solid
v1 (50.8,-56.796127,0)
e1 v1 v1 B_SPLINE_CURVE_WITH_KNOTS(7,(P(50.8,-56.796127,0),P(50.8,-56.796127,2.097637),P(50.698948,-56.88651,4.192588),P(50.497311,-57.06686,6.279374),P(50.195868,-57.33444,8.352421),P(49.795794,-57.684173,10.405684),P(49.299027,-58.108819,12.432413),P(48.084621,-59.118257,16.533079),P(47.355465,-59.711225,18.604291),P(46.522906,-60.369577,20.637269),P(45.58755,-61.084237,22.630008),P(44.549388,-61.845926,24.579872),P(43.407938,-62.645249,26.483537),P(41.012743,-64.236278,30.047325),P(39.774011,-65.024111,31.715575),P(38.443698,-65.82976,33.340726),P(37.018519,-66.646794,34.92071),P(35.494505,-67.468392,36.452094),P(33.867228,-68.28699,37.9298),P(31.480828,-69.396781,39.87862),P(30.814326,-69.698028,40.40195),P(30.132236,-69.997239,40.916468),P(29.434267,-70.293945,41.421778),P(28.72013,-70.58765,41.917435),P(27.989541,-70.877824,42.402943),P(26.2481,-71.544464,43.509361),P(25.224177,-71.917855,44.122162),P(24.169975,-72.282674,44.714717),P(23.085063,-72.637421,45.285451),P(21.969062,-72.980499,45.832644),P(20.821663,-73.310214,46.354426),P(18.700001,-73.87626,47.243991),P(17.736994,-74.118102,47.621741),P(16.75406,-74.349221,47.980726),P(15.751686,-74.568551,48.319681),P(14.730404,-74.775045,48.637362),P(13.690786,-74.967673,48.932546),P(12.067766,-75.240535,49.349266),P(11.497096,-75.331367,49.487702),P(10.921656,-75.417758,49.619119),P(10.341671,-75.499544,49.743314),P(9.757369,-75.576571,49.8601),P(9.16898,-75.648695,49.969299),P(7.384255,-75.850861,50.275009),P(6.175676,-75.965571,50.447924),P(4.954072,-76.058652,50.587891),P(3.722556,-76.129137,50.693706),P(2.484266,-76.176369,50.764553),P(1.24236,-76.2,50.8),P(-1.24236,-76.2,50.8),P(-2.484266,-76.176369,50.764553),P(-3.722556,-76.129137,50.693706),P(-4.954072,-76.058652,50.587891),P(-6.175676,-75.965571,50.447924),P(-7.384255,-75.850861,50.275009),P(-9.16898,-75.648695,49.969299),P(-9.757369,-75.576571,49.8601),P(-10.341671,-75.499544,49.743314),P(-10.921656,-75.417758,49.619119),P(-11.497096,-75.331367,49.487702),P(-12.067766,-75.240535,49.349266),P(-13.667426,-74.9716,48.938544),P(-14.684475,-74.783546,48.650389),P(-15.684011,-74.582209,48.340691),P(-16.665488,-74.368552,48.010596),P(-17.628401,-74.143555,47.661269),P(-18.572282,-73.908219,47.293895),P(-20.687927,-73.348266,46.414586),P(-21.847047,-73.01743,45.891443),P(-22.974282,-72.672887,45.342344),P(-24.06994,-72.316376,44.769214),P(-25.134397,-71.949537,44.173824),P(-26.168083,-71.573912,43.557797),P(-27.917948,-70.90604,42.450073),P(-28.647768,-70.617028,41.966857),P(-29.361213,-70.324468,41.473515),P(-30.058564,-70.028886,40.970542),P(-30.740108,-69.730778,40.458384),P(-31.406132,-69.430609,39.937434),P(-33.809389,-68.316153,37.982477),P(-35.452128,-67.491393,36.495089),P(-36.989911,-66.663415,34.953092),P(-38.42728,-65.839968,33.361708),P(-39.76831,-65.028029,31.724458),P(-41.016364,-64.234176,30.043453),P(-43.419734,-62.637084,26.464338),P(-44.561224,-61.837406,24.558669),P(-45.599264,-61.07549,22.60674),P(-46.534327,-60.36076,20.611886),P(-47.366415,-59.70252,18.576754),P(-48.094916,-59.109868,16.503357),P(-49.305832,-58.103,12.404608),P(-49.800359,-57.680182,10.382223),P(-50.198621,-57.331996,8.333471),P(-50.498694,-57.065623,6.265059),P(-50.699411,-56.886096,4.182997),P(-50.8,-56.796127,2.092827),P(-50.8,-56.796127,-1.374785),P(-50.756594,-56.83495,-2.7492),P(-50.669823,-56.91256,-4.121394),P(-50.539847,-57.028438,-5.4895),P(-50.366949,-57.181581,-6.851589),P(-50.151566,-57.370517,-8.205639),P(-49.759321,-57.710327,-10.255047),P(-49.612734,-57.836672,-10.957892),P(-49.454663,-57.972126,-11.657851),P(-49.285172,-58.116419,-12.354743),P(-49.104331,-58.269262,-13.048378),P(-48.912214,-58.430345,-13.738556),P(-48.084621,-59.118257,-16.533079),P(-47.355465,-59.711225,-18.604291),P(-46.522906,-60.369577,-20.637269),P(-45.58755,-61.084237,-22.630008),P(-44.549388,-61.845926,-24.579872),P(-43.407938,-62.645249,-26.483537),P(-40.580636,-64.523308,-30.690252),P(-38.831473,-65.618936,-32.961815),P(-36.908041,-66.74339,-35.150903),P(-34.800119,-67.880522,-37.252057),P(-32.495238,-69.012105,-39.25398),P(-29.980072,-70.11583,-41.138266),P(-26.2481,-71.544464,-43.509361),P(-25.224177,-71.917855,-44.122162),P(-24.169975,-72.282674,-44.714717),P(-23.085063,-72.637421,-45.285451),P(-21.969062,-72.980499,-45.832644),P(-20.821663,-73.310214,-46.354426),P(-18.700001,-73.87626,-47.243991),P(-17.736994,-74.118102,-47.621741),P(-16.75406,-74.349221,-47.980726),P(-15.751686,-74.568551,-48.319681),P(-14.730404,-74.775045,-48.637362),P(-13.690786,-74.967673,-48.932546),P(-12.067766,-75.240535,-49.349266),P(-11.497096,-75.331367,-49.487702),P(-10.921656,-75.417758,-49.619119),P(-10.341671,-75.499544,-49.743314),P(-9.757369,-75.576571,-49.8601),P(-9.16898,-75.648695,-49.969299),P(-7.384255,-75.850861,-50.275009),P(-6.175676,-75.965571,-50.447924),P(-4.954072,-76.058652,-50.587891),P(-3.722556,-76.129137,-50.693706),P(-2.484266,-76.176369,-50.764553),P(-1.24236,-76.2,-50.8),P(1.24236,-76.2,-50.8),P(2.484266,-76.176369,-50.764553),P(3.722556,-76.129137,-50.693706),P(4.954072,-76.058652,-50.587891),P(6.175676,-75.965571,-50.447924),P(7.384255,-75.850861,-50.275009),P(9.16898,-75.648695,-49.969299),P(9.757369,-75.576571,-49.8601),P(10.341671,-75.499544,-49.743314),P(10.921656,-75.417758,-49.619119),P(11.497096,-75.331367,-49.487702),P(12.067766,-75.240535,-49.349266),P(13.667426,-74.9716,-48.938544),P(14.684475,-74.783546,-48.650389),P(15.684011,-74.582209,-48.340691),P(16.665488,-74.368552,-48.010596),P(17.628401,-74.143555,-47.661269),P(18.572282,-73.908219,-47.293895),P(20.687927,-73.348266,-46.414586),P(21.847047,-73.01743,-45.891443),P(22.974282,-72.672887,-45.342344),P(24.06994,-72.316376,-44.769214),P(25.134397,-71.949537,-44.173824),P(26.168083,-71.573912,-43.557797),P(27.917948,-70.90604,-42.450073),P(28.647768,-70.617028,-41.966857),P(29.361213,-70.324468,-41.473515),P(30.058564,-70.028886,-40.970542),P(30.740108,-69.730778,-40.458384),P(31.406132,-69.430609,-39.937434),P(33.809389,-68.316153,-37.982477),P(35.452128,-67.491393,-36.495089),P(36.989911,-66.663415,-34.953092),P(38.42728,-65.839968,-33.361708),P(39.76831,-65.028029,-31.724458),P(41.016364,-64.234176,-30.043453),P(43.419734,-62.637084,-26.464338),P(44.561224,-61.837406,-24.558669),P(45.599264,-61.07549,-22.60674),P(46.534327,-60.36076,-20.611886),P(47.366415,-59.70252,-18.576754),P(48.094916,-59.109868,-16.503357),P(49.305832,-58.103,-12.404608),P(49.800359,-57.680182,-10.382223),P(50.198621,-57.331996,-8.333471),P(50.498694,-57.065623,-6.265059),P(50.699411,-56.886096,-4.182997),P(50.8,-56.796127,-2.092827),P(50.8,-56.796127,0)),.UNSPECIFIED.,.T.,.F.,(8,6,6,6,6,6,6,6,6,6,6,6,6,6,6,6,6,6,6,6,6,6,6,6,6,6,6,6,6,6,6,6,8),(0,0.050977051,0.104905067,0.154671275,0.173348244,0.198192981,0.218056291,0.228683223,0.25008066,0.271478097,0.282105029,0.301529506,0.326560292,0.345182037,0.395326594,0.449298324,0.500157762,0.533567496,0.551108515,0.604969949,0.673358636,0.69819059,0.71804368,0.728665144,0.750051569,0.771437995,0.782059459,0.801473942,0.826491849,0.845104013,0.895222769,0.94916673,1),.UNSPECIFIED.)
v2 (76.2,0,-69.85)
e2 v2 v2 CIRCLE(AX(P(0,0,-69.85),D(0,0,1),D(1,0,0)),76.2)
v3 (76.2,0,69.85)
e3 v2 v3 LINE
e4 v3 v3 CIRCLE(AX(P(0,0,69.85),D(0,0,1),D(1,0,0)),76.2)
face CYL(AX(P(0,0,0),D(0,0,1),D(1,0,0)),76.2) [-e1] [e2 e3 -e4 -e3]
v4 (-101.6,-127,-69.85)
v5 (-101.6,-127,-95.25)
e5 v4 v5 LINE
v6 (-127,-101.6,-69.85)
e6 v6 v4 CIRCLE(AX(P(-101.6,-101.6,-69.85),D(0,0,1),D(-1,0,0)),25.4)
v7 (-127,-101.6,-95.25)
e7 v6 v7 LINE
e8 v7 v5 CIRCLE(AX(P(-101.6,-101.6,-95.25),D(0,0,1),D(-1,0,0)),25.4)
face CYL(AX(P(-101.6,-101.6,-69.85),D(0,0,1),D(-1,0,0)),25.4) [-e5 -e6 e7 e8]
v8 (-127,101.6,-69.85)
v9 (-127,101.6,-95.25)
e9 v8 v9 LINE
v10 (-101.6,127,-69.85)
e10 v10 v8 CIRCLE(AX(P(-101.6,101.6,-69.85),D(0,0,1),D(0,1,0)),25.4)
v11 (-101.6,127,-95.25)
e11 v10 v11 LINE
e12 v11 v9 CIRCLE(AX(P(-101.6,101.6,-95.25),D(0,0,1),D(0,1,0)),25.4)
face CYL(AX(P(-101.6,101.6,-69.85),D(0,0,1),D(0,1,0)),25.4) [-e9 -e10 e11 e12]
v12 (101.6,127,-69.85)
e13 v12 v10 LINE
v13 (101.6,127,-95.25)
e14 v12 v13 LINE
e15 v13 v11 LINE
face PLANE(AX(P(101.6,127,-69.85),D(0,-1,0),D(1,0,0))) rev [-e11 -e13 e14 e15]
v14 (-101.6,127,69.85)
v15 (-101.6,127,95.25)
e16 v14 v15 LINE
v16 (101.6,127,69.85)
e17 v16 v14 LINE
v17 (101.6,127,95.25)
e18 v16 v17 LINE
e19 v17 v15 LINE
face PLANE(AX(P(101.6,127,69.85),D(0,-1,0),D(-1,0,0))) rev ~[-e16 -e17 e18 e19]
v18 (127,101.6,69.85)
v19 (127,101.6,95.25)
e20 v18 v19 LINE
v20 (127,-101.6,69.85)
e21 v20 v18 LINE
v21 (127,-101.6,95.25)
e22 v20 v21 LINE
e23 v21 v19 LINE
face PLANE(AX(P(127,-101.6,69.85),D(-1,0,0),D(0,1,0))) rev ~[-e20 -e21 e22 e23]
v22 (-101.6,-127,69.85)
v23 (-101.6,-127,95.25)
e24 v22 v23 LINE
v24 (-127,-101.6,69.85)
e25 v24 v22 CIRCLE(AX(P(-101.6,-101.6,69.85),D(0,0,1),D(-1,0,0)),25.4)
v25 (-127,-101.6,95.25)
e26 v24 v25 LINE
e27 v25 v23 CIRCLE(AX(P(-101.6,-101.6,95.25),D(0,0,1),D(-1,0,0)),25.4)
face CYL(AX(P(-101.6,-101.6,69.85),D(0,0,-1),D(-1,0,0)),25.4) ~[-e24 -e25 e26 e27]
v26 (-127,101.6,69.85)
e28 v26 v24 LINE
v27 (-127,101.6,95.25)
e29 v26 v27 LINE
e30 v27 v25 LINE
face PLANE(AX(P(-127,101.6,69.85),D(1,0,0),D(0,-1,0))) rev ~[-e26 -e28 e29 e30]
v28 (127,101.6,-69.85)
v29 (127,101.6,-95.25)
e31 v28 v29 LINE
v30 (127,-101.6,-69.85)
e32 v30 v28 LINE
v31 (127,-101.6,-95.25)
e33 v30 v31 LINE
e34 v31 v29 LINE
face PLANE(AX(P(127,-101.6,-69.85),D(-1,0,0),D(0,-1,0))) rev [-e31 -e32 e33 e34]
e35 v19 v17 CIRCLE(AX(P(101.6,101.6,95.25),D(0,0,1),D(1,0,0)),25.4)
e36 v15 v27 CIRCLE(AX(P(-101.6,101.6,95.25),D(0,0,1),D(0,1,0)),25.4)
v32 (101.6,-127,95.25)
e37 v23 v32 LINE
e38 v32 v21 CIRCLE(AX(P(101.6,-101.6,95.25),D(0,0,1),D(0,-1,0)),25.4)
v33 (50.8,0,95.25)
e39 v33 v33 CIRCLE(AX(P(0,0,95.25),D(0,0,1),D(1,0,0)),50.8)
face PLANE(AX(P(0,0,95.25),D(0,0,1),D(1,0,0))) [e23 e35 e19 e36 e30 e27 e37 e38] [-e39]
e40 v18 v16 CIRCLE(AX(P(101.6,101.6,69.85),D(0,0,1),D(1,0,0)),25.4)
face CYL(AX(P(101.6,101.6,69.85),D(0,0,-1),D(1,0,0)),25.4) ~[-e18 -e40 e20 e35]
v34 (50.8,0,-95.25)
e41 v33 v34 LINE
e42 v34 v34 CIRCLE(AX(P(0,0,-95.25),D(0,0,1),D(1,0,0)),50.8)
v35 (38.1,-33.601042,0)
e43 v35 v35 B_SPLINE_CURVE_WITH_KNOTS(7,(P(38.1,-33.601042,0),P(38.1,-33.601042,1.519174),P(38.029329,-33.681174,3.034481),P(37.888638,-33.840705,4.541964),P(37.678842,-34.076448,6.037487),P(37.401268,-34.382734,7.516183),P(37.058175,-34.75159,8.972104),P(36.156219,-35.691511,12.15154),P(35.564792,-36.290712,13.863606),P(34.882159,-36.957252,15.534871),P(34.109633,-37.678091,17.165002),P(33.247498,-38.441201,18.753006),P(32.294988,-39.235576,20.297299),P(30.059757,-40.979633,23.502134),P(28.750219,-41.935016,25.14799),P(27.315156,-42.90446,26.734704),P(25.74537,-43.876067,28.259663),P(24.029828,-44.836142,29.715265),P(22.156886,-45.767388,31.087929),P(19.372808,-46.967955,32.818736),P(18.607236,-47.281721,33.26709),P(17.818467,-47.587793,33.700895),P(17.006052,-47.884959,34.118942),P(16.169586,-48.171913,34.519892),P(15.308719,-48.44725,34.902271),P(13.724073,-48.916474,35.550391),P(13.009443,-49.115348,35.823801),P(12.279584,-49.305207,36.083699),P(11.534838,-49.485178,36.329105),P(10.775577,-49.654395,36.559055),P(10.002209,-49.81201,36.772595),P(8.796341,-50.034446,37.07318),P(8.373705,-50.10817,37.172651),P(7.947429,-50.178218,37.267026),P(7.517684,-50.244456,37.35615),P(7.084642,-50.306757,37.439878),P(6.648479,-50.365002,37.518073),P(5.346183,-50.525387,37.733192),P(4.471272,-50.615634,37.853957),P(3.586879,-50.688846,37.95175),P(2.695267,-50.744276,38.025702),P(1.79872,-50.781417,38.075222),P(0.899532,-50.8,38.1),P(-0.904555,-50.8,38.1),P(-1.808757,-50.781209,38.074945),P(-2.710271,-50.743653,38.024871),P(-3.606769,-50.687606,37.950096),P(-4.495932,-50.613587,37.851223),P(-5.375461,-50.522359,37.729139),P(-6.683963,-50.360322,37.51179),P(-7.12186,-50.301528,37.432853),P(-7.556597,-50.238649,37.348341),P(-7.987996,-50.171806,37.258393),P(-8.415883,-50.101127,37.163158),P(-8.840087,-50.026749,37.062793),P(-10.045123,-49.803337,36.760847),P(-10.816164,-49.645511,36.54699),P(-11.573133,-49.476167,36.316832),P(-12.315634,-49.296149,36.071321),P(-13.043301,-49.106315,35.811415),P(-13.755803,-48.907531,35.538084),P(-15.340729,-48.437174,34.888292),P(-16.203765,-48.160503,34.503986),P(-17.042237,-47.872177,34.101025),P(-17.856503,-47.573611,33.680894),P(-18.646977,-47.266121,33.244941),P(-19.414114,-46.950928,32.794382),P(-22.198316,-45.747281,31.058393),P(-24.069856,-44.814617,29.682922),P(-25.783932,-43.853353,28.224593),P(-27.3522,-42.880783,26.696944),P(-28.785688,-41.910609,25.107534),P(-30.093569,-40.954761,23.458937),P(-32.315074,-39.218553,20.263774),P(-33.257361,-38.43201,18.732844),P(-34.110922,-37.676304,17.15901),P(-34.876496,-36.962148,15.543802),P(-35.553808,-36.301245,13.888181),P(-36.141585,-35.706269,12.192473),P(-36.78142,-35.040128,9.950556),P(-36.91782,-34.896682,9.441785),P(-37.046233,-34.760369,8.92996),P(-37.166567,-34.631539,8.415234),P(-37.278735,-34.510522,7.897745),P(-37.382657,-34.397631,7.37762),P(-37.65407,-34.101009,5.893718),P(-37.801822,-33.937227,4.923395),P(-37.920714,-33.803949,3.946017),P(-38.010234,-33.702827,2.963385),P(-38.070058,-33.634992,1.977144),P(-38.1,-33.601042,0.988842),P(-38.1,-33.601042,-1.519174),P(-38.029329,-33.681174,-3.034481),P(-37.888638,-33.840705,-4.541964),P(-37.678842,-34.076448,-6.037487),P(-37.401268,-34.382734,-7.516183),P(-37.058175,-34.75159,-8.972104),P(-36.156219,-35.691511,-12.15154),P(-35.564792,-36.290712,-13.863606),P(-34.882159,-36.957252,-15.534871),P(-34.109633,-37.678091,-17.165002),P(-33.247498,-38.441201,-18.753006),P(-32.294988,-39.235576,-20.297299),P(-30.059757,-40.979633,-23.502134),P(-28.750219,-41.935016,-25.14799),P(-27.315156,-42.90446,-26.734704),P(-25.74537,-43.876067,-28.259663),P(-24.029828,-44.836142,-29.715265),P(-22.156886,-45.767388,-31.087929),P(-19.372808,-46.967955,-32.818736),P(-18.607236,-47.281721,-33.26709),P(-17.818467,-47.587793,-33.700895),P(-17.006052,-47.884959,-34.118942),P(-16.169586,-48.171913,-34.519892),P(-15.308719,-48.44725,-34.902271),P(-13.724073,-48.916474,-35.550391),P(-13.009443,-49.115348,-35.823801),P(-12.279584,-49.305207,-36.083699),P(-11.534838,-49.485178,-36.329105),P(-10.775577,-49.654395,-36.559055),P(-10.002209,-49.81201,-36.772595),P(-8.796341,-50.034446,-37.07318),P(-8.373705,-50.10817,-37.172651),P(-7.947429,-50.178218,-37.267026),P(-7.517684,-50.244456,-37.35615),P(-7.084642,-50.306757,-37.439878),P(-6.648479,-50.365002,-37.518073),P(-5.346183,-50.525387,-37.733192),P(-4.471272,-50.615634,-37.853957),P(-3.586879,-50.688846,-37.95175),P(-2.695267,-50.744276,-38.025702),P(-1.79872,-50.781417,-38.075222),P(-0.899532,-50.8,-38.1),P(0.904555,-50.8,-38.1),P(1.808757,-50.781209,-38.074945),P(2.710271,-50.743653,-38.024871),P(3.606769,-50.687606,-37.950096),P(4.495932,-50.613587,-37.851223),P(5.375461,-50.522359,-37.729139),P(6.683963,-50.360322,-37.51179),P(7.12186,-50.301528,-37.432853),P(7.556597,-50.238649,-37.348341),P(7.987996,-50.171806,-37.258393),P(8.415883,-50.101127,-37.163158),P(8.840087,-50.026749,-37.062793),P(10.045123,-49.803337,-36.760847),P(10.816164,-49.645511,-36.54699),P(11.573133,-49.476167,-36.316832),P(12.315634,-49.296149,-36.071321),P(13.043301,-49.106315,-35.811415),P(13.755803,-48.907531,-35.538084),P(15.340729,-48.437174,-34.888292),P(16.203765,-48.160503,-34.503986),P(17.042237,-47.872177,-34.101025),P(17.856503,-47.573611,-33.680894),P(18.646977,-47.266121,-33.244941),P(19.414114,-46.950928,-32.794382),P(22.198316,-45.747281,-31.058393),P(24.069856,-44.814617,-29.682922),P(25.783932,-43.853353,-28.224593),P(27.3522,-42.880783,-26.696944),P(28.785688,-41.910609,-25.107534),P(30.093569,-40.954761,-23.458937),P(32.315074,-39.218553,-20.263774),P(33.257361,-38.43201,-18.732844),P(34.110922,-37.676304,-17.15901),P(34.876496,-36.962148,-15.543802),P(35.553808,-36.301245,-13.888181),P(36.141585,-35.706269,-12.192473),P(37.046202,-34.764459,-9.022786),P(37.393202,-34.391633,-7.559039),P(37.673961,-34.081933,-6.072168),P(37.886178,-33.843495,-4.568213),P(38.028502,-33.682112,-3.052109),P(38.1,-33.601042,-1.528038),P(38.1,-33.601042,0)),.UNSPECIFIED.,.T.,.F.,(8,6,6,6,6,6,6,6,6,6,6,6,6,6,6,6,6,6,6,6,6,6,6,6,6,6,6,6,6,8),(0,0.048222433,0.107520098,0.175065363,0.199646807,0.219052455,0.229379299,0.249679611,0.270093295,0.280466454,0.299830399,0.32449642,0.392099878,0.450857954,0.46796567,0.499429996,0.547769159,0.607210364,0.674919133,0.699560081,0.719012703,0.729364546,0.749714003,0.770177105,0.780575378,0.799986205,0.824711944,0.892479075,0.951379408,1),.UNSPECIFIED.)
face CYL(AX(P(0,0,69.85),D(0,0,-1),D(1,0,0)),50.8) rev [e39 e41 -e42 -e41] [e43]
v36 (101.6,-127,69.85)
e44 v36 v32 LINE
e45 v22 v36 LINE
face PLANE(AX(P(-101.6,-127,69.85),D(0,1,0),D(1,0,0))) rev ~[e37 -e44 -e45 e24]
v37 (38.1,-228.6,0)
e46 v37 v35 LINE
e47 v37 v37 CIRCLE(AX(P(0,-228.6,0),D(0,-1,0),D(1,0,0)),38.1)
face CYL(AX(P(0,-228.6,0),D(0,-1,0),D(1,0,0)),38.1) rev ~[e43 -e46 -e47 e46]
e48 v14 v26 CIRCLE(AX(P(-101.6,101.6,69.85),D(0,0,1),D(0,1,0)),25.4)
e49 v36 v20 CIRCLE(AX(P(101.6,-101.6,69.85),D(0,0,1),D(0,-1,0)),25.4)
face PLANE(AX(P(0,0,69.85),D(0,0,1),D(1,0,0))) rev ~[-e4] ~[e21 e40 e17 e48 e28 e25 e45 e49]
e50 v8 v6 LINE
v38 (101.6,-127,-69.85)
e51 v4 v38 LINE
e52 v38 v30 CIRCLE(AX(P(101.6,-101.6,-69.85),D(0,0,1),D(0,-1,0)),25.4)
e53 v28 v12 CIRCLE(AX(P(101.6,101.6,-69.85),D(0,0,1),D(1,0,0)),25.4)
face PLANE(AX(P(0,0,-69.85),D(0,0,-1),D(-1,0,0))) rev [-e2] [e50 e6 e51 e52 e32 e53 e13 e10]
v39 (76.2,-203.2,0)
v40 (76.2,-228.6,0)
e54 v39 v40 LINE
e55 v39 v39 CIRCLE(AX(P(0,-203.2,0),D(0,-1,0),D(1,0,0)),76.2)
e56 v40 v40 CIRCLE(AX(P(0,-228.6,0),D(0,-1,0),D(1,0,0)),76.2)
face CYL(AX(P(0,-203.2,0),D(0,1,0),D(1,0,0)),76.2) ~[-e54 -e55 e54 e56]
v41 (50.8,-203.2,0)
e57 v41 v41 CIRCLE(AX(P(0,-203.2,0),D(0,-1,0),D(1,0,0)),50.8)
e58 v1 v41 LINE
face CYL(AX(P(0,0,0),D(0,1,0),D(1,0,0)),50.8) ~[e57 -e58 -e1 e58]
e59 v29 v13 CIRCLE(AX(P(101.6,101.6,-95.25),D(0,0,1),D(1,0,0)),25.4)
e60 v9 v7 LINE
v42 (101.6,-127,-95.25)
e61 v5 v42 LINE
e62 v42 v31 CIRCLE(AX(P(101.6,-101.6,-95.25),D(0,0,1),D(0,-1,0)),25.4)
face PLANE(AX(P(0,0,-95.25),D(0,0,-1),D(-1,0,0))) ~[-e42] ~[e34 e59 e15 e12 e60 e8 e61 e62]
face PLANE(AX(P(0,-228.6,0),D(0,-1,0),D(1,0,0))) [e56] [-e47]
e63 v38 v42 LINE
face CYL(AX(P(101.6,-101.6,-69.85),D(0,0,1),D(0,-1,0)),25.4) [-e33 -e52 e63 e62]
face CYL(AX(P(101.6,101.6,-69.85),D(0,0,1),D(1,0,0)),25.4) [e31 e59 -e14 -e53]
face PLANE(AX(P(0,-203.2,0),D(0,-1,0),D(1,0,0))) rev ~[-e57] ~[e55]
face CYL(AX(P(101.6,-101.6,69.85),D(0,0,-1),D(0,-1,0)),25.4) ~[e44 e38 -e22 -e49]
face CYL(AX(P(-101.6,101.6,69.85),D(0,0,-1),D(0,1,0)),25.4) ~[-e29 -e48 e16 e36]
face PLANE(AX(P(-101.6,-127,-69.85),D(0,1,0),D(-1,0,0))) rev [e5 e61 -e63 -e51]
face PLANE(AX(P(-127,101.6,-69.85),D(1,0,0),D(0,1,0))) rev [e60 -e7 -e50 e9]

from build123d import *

# Parameters (mm, degrees)
F0_R      = 76.2
F0_R_2    = 50.8
F1_DEPTH  = 69.85
F2_R      = 50.8
F3_DEPTH  = 25.4
F5_R      = 50.8
F6_DEPTH  = 203.2
F7_R      = 76.2
F8_DEPTH  = 25.4
F10_DEPTH = 69.85
F9_R      = 38.1
F11_DEPTH = 203.2


with BuildPart() as f1:
    # F0 (on Top) → F1 (new body, symmetric)
    with BuildSketch(Plane.XY):
        Circle(F0_R)
        Circle(F0_R_2, mode=Mode.SUBTRACT)
    extrude(amount=F1_DEPTH, both=True)

    # F2 (on face) → F3 (join)
    with BuildSketch(Plane.XY.offset(69.85)):
        with BuildLine():
            Line((101.6, 127), (0, 127))
            Line((0, 127), (-101.6, 127))
            ThreePointArc((-101.6, 127), (-119.5605122421, 119.5605122421), (-127, 101.6))
            Line((-127, 101.6), (-127, 0))
            Line((-127, 0), (-127, -101.6))
            ThreePointArc((-127, -101.6), (-119.5605122421, -119.5605122421), (-101.6, -127))
            Line((-101.6, -127), (0, -127))
            Line((0, -127), (101.6, -127))
            ThreePointArc((101.6, -127), (119.5605122421, -119.5605122421), (127, -101.6))
            Line((127, -101.6), (127, 0))
            Line((127, 0), (127, 101.6))
            ThreePointArc((127, 101.6), (119.5605122421, 119.5605122421), (101.6, 127))
        make_face()
        Circle(F2_R, mode=Mode.SUBTRACT)
    extrude(amount=F3_DEPTH)

    # F4: F1 across plane


with BuildPart() as f1_1:
    add(f1.part)
    add(f1.part.mirror(Plane.XY))

    # F5 (on Front) → F6 (join)
    with BuildSketch(Plane.XZ):
        Circle(F5_R)
    extrude(amount=F6_DEPTH)

    # F7 (on face) → F8 (join)
    with BuildSketch(Plane.XZ.offset(203.2)):
        Circle(F7_R)
    extrude(amount=F8_DEPTH)

    # F0 (on Top) → F10 (cut, symmetric)
    with BuildSketch(Plane.XY):
        Circle(F0_R_2)
    extrude(amount=F10_DEPTH, both=True, mode=Mode.SUBTRACT)

    # F9 (on face) → F11 (cut)
    with BuildSketch(Plane.XZ.offset(228.6)):
        Circle(F9_R)
    extrude(amount=-F11_DEPTH, mode=Mode.SUBTRACT)


solid = f1_1.part
